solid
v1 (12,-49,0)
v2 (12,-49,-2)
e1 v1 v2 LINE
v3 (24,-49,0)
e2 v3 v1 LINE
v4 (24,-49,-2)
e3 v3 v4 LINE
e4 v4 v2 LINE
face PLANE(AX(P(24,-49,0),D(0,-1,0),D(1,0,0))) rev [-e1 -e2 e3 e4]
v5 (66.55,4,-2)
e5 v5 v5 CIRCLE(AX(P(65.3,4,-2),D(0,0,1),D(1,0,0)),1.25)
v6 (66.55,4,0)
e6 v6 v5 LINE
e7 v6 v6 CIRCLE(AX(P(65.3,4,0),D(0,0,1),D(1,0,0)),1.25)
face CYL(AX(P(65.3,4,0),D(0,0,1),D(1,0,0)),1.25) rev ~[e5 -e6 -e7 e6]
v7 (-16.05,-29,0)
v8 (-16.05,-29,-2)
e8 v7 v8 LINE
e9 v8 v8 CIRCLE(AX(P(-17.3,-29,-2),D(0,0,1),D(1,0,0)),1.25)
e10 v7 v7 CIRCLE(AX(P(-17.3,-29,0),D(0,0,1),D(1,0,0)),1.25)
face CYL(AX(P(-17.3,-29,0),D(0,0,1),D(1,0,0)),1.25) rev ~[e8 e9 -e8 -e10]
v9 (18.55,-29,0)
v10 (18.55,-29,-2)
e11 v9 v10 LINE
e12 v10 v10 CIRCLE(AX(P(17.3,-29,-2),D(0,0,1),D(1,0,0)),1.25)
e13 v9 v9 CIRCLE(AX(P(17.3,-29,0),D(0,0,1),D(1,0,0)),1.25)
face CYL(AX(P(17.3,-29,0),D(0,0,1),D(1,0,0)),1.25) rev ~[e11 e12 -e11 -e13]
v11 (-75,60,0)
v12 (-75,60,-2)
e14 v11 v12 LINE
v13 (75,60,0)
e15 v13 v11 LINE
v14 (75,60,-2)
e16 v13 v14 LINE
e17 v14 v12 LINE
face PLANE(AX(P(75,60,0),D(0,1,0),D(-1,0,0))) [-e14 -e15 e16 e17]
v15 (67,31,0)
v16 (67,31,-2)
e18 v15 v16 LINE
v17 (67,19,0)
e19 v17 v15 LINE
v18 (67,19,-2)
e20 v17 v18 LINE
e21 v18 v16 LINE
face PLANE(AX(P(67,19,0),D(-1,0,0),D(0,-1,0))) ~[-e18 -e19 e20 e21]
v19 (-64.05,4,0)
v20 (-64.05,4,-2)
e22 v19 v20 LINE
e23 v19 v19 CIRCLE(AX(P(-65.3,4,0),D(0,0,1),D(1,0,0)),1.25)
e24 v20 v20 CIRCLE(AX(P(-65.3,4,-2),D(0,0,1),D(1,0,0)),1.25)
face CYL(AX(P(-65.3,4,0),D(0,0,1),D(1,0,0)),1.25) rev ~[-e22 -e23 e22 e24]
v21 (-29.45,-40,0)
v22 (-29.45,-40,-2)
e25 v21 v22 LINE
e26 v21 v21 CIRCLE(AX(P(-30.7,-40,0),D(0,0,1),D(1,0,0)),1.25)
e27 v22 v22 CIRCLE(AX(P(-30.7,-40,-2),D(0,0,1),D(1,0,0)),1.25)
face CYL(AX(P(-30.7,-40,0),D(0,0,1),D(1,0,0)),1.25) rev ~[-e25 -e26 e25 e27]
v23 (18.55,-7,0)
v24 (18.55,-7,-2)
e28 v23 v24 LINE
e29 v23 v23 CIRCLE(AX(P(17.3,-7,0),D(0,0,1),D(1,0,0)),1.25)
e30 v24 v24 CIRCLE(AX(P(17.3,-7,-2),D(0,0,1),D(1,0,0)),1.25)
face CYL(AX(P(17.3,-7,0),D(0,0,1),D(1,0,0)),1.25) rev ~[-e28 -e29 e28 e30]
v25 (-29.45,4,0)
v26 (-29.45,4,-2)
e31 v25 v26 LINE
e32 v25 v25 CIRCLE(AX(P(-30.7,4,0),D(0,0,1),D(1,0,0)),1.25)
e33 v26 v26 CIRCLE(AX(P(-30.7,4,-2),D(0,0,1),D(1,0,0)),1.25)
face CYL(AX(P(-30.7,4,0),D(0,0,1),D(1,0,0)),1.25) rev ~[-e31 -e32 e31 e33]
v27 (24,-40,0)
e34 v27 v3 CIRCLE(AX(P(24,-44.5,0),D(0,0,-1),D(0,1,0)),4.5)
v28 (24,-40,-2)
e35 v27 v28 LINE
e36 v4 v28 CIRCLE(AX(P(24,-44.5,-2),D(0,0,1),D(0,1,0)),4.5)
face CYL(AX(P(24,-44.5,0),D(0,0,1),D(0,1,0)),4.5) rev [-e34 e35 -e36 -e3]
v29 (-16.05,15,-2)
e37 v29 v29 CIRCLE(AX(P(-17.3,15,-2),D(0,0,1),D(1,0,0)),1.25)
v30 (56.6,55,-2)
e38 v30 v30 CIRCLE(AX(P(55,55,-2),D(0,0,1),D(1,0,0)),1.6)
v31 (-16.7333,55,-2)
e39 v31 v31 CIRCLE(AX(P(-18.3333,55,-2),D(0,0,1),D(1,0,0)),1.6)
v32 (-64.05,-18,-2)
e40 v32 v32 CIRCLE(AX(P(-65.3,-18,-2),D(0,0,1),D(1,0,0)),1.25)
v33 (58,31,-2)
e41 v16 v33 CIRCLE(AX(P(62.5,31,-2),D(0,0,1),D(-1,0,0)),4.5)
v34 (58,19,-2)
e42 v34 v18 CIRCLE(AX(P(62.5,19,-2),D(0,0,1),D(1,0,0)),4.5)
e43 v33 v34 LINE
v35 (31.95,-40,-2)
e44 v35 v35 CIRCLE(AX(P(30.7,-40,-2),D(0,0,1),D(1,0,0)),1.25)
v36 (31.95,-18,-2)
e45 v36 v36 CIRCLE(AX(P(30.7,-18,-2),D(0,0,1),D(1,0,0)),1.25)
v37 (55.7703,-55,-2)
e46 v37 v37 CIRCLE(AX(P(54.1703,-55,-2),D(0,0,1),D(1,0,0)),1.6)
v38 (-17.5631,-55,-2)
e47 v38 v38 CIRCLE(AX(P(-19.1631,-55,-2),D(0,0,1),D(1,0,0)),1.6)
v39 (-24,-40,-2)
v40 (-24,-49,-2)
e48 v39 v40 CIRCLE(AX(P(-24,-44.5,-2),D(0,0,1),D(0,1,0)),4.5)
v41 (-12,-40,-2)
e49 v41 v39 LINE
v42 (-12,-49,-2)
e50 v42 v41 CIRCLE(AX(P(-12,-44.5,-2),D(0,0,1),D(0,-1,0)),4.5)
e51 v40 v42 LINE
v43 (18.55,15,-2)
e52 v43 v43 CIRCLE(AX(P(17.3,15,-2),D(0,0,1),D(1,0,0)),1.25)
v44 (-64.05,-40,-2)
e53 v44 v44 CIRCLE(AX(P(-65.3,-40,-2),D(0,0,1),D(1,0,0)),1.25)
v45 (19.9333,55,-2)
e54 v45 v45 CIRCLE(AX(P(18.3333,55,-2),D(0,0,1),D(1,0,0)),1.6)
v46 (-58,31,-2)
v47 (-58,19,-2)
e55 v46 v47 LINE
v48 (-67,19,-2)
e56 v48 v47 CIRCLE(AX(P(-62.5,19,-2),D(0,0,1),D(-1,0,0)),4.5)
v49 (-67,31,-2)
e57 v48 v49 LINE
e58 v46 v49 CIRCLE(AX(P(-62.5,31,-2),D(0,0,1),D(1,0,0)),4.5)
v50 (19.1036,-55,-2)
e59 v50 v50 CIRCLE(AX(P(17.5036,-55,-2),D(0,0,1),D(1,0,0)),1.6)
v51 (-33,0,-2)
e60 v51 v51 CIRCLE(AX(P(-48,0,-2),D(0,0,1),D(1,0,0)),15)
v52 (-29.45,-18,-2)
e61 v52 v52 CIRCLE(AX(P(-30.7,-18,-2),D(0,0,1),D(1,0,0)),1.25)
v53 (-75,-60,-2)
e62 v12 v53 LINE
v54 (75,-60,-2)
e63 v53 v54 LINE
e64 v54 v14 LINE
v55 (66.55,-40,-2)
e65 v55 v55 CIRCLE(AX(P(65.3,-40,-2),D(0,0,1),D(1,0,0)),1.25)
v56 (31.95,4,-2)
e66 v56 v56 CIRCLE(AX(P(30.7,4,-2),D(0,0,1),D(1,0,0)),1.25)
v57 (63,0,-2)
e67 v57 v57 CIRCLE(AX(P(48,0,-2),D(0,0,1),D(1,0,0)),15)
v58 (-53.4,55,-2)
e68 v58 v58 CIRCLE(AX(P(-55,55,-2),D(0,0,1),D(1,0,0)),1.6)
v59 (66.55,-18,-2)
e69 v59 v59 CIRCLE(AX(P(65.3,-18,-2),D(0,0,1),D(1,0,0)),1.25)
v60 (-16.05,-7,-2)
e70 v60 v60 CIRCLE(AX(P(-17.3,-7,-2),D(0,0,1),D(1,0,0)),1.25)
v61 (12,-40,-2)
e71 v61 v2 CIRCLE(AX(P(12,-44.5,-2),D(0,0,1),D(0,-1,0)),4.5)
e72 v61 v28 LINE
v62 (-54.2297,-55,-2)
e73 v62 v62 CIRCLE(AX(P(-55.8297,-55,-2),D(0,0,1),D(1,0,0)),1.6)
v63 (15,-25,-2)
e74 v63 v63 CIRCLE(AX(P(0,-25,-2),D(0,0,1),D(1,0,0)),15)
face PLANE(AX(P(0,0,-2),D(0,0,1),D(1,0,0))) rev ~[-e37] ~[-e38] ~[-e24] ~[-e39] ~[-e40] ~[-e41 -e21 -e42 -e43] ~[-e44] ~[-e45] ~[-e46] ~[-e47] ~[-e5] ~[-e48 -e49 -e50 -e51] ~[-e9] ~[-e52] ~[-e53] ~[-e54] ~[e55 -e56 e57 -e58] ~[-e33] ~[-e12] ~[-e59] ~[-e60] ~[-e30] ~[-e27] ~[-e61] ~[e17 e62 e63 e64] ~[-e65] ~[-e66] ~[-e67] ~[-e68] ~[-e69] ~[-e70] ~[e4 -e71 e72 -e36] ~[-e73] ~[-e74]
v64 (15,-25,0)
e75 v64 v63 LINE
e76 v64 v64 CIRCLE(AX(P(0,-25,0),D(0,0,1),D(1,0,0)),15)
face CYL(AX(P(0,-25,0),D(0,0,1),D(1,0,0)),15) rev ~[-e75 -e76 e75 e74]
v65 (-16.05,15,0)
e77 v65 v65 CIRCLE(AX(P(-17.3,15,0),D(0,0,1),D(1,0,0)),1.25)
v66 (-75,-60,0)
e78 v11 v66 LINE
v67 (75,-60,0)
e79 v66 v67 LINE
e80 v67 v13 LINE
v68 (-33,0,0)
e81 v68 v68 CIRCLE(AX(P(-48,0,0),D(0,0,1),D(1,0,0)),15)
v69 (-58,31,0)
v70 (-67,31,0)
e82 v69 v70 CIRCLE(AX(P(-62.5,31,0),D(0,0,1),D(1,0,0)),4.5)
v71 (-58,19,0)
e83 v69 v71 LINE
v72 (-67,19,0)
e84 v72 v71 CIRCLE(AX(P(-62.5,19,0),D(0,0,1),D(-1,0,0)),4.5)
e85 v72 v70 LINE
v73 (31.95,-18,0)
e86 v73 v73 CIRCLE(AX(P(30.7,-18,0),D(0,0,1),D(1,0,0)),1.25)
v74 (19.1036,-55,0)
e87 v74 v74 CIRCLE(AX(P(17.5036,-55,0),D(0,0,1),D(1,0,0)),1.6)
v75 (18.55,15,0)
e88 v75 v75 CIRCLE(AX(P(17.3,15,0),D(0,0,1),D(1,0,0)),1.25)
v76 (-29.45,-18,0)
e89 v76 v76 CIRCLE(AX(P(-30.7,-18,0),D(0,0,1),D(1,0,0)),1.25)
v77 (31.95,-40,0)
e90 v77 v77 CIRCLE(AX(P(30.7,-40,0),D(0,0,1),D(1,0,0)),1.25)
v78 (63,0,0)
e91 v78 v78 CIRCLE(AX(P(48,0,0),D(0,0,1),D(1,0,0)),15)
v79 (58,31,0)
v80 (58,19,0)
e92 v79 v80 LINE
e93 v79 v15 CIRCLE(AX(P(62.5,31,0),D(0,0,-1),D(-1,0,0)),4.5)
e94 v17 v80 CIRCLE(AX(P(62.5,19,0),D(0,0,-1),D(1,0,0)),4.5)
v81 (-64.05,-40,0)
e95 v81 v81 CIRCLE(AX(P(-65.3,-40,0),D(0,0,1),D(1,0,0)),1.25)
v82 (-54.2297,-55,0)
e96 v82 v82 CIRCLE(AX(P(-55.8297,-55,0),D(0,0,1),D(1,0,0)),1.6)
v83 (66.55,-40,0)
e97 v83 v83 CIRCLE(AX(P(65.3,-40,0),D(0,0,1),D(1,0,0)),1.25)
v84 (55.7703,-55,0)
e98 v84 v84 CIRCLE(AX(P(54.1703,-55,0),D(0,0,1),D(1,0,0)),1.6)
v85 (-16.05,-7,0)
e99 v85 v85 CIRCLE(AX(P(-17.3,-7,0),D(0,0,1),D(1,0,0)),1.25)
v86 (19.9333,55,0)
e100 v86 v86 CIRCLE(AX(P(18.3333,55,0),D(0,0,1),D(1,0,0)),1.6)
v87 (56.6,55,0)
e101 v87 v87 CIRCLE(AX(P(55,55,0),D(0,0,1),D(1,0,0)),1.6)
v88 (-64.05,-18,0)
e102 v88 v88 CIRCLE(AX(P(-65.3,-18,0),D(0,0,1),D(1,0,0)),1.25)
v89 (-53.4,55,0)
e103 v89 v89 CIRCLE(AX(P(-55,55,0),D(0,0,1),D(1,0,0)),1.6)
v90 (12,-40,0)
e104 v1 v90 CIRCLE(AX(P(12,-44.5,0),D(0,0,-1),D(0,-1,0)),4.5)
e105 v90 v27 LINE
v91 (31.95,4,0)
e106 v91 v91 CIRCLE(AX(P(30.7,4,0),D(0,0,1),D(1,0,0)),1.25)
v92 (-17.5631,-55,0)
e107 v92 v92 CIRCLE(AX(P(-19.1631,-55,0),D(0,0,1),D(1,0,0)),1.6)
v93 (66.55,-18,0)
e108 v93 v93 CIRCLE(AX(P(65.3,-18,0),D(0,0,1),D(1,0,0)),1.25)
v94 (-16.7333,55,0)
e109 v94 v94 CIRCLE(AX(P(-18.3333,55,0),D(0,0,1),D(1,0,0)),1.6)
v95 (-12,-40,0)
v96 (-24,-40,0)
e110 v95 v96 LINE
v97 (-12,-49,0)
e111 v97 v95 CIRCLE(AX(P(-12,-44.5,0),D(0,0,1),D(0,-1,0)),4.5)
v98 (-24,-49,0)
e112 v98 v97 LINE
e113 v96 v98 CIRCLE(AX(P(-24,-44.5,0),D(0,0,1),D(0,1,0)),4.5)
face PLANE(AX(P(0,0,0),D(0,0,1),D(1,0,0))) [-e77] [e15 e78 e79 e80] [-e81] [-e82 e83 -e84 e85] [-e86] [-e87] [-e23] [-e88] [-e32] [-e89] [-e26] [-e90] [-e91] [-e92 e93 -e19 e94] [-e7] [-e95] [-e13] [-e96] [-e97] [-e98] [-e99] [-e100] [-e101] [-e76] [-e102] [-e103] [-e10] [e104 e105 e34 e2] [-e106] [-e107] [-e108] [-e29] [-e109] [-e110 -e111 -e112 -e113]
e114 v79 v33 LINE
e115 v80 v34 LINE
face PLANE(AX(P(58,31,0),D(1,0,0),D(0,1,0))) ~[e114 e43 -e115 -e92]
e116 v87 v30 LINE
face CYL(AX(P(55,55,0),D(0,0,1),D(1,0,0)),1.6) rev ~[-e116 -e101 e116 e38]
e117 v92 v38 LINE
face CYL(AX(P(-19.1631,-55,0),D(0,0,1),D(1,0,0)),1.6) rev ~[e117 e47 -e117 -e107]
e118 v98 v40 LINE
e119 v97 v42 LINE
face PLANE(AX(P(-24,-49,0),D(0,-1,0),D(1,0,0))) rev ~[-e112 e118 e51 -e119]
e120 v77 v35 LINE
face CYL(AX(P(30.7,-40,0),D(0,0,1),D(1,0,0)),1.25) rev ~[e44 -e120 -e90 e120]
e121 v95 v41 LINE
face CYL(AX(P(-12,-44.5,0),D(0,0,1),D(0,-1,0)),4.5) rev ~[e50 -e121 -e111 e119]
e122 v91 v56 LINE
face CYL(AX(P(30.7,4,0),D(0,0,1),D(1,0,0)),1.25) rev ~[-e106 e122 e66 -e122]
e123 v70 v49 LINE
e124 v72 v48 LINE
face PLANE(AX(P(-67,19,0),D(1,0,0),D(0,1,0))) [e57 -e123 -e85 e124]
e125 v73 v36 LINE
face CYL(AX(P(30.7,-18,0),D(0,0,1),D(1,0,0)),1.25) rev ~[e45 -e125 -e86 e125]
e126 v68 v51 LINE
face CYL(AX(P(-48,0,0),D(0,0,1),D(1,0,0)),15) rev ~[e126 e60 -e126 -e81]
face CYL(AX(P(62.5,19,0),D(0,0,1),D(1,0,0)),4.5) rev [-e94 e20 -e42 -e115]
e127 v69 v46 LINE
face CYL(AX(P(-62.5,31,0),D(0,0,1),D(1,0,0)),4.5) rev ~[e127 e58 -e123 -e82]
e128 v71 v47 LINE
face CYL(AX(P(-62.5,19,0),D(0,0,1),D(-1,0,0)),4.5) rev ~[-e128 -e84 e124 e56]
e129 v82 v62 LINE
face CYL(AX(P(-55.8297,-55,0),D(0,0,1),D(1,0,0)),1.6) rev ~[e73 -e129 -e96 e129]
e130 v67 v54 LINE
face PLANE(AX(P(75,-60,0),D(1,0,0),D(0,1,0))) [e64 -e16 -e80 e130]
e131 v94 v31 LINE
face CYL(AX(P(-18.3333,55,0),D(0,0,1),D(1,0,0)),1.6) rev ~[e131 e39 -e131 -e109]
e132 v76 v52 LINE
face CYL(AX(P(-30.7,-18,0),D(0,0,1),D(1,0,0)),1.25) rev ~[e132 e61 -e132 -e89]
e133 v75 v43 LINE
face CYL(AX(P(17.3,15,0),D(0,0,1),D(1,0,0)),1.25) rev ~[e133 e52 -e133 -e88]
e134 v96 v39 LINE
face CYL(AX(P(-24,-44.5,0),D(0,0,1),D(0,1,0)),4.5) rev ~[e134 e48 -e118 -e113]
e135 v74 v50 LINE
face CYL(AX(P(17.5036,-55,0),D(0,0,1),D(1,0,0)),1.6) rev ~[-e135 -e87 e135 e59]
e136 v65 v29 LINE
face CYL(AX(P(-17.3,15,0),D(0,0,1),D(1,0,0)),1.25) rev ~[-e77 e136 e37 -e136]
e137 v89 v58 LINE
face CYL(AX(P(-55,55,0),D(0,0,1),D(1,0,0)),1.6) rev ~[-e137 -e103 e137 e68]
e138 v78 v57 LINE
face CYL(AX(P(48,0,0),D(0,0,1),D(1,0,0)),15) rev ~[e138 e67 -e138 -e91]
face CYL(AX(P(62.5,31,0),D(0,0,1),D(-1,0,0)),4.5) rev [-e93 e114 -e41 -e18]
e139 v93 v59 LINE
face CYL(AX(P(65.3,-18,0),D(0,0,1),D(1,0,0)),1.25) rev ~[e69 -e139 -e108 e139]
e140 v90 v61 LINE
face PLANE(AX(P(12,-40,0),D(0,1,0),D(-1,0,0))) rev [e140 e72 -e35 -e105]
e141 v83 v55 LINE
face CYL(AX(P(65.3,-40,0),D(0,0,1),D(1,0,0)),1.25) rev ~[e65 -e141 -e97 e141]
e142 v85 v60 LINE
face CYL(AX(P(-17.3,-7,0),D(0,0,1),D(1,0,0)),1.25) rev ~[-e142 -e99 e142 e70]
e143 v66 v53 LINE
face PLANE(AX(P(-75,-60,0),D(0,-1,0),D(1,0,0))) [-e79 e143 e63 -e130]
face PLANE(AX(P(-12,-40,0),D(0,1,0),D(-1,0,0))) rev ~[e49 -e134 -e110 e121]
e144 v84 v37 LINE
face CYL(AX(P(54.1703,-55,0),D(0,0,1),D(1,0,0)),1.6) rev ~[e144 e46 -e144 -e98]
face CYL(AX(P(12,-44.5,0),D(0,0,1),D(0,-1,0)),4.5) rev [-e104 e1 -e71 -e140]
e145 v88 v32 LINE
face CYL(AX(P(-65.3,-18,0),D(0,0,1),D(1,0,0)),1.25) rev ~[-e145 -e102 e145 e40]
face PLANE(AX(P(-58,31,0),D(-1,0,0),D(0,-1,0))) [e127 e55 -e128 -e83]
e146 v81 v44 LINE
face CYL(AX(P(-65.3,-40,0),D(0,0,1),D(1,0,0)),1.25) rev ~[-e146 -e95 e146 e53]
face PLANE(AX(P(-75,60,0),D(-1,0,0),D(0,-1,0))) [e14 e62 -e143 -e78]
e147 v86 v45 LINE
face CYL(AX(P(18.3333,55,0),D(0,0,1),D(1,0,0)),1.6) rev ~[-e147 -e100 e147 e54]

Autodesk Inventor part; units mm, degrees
ref_plane "YZ Plane" through (0, 0, 0) normal (1, 0, 0) x (0, 1, 0)
ref_plane "XZ Plane" through (0, 0, 0) normal (0, 1, 0) x (-1, 0, 0)
ref_plane "XY Plane" through (0, 0, 0) normal (0, 0, 1) x (1, 0, 0)
sketch "Sketch1" plane through (0, 0, 0) normal (0, 0, 1) x (1, 0, 0)
  line L0 (-75, -60) -> (75, -60)
  line L1 (75, -60) -> (75, 60)
  line L2 (75, 60) -> (-75, 60)
  line L3 (-75, 60) -> (-75, -60)
  line L4 (-75, -60) -> (75, 60) construction
  line L5 (75, -60) -> (-75, 60) construction
  line L6 (-70, -55) -> (70, -55) construction
  line L7 (70, -55) -> (70, 55) construction
  line L8 (70, 55) -> (-70, 55) construction
  line L9 (-70, 55) -> (-70, -55) construction
  circle A0 centre (-48, 0) radius 15
  circle A1 centre (-55, 55) radius 1.6
  circle A2 centre (-18.3333, 55) radius 1.6
  circle A3 centre (18.3333, 55) radius 1.6
  circle A4 centre (55, 55) radius 1.6
  circle A5 centre (-55.8297, -55) radius 1.6
  circle A6 centre (-19.1631, -55) radius 1.6
  circle A7 centre (17.5036, -55) radius 1.6
  circle A8 centre (54.1703, -55) radius 1.6
  circle A9 centre (-65.3, 4) radius 1.25
  circle A10 centre (-30.7, 4) radius 1.25
  circle A11 centre (-65.3, -40) radius 1.25
  circle A12 centre (-30.7, -40) radius 1.25
  circle A13 centre (48, 0) radius 15
  circle A14 centre (30.7, 4) radius 1.25
  circle A15 centre (65.3, 4) radius 1.25
  circle A16 centre (30.7, -40) radius 1.25
  circle A17 centre (65.3, -40) radius 1.25
  circle A18 centre (0, -25) radius 15
  circle A19 centre (17.3, -29) radius 1.25
  circle A20 centre (-17.3, -29) radius 1.25
  circle A21 centre (17.3, 15) radius 1.25
  circle A22 centre (-17.3, 15) radius 1.25
  line L10 (-62.5, 19) -> (-62.5, 31) construction
  line L11 (-59.5, 19) -> (-59.5, 31) construction
  line L12 (-65.5, 31) -> (-65.5, 19) construction
  arc A23 (-65.5, 19) -> (-59.5, 19) centre (-62.5, 19) ccw construction
  arc A24 (-59.5, 31) -> (-65.5, 31) centre (-62.5, 31) ccw construction
  line L13 (-58, 31) -> (-58, 19)
  arc A25 (-67, 19) -> (-58, 19) centre (-62.5, 19) ccw
  line L14 (-67, 19) -> (-67, 31)
  arc A26 (-58, 31) -> (-67, 31) centre (-62.5, 31) ccw
  line L15 (-12, -44.5) -> (-24, -44.5) construction
  line L16 (-12, -40) -> (-24, -40)
  line L17 (-24, -49) -> (-12, -49)
  arc A27 (-12, -49) -> (-12, -40) centre (-12, -44.5) ccw
  arc A28 (-24, -40) -> (-24, -49) centre (-24, -44.5) ccw
  circle A29 centre (30.7, -18) radius 1.25
  circle A30 centre (65.3, -18) radius 1.25
  circle A31 centre (-65.3, -18) radius 1.25
  circle A32 centre (-30.7, -18) radius 1.25
  circle A33 centre (17.3, -7) radius 1.25
  circle A34 centre (-17.3, -7) radius 1.25
  point P0 (0, 0)
  point P1 (48, 0)
  point P2 (-62.5, 25)
  point P3 (0, 0)
  point P4 (-18, -44.5)
  dimension "d0" = 150
  dimension "d1" = 120
  dimension "d2" = 60
  dimension "d3" = 60
  dimension "d5" = 27
  dimension "d6" = 27
  dimension "d7" = 5
  dimension "d8" = 20
  dimension "d9" = 30
  dimension "d14" = 20
  dimension "d15" = 36.6667
  dimension "d16" = 36.6667
  dimension "d17" = 3.2
  dimension "d18" = 3.2
  dimension "d19" = 3.2
  dimension "d20" = 3.2
  dimension "d21" = 3.2
  dimension "d22" = 3.2
  dimension "d23" = 3.2
  dimension "d24" = 3.2
  dimension "d25" = 4
  dimension "d26" = 17.3
  dimension "d27" = 17.3
  dimension "d28" = 44
  dimension "d29" = 2.5
  dimension "d30" = 2.5
  dimension "d31" = 2.5
  dimension "d32" = 2.5
  dimension "d40" = 40
  dimension "d41" = 30
  dimension "d42" = 4
  dimension "d43" = 17.3
  dimension "d44" = 17.3
  dimension "d45" = 44
  dimension "d46" = 2.5
  dimension "d47" = 2.5
  dimension "d48" = 2.5
  dimension "d49" = 2.5
  dimension "d50" = 40
  dimension "d51" = 30
  dimension "d52" = 4
  dimension "d53" = 17.3
  dimension "d54" = 17.3
  dimension "d55" = 44
  dimension "d56" = 2.5
  dimension "d57" = 2.5
  dimension "d58" = 2.5
  dimension "d59" = 2.5
  dimension "d60" = 40
  dimension "d67" = 6
  dimension "d68" = 6
  dimension "d69" = 12.5
  dimension "d70" = 25
  dimension "d71" = 1.5
  dimension "d80" = 12
  dimension "d81" = 9
  dimension "d82" = 6
  dimension "d83" = 12
  dimension "d86" = 2.5
  dimension "d87" = 2.5
  dimension "d88" = 2.5
  dimension "d89" = 2.5
  dimension "d90" = 22
  dimension "d94" = 2.5
extrude "Extrusion1" add sketch "Sketch1" against normal blind 2 contours L3 L2 L1 L0 | A9 | A10 | A11 | A12 | A14 | A15 | A16 | A17 | A19 | A20 | A21 | A22 | L13 A25 L14 A26 | A27 L17 A28 L16 | A29 | A30 | A31 | A32 | A33 | A34
extrude "Extrusion2" cut sketch "Sketch1" against normal through all contours A9 | A10 | A11 | A12 | A14 | A15 | A16 | A17 | A19 | A20 | A21 | A22 | A29 | A30 | A31 | A32 | A33 | A34
extrude "Extrusion3" cut sketch "Sketch1" against normal blind 10 contours L13 A25 L14 A26
extrude "Extrusion4" cut sketch "Sketch1" against normal through all contours A27 L17 A28 L16
mirror "Mirror1" about plane through (0, 0, 0) normal (1, 0, 0) of "Extrusion3", "Extrusion4"
equation "\"d3\" = d2"
equation "\"d6\" = d5"
equation "\"d14\" = d8"
equation "\"d27\" = d26"
equation "\"d30\" = d29"
equation "\"d31\" = d29"
equation "\"d44\" = d43"
equation "\"d47\" = d46"
equation "\"d48\" = d46"
equation "\"d57\" = d56"
equation "\"d58\" = d56"
properties part number "upper plate"
